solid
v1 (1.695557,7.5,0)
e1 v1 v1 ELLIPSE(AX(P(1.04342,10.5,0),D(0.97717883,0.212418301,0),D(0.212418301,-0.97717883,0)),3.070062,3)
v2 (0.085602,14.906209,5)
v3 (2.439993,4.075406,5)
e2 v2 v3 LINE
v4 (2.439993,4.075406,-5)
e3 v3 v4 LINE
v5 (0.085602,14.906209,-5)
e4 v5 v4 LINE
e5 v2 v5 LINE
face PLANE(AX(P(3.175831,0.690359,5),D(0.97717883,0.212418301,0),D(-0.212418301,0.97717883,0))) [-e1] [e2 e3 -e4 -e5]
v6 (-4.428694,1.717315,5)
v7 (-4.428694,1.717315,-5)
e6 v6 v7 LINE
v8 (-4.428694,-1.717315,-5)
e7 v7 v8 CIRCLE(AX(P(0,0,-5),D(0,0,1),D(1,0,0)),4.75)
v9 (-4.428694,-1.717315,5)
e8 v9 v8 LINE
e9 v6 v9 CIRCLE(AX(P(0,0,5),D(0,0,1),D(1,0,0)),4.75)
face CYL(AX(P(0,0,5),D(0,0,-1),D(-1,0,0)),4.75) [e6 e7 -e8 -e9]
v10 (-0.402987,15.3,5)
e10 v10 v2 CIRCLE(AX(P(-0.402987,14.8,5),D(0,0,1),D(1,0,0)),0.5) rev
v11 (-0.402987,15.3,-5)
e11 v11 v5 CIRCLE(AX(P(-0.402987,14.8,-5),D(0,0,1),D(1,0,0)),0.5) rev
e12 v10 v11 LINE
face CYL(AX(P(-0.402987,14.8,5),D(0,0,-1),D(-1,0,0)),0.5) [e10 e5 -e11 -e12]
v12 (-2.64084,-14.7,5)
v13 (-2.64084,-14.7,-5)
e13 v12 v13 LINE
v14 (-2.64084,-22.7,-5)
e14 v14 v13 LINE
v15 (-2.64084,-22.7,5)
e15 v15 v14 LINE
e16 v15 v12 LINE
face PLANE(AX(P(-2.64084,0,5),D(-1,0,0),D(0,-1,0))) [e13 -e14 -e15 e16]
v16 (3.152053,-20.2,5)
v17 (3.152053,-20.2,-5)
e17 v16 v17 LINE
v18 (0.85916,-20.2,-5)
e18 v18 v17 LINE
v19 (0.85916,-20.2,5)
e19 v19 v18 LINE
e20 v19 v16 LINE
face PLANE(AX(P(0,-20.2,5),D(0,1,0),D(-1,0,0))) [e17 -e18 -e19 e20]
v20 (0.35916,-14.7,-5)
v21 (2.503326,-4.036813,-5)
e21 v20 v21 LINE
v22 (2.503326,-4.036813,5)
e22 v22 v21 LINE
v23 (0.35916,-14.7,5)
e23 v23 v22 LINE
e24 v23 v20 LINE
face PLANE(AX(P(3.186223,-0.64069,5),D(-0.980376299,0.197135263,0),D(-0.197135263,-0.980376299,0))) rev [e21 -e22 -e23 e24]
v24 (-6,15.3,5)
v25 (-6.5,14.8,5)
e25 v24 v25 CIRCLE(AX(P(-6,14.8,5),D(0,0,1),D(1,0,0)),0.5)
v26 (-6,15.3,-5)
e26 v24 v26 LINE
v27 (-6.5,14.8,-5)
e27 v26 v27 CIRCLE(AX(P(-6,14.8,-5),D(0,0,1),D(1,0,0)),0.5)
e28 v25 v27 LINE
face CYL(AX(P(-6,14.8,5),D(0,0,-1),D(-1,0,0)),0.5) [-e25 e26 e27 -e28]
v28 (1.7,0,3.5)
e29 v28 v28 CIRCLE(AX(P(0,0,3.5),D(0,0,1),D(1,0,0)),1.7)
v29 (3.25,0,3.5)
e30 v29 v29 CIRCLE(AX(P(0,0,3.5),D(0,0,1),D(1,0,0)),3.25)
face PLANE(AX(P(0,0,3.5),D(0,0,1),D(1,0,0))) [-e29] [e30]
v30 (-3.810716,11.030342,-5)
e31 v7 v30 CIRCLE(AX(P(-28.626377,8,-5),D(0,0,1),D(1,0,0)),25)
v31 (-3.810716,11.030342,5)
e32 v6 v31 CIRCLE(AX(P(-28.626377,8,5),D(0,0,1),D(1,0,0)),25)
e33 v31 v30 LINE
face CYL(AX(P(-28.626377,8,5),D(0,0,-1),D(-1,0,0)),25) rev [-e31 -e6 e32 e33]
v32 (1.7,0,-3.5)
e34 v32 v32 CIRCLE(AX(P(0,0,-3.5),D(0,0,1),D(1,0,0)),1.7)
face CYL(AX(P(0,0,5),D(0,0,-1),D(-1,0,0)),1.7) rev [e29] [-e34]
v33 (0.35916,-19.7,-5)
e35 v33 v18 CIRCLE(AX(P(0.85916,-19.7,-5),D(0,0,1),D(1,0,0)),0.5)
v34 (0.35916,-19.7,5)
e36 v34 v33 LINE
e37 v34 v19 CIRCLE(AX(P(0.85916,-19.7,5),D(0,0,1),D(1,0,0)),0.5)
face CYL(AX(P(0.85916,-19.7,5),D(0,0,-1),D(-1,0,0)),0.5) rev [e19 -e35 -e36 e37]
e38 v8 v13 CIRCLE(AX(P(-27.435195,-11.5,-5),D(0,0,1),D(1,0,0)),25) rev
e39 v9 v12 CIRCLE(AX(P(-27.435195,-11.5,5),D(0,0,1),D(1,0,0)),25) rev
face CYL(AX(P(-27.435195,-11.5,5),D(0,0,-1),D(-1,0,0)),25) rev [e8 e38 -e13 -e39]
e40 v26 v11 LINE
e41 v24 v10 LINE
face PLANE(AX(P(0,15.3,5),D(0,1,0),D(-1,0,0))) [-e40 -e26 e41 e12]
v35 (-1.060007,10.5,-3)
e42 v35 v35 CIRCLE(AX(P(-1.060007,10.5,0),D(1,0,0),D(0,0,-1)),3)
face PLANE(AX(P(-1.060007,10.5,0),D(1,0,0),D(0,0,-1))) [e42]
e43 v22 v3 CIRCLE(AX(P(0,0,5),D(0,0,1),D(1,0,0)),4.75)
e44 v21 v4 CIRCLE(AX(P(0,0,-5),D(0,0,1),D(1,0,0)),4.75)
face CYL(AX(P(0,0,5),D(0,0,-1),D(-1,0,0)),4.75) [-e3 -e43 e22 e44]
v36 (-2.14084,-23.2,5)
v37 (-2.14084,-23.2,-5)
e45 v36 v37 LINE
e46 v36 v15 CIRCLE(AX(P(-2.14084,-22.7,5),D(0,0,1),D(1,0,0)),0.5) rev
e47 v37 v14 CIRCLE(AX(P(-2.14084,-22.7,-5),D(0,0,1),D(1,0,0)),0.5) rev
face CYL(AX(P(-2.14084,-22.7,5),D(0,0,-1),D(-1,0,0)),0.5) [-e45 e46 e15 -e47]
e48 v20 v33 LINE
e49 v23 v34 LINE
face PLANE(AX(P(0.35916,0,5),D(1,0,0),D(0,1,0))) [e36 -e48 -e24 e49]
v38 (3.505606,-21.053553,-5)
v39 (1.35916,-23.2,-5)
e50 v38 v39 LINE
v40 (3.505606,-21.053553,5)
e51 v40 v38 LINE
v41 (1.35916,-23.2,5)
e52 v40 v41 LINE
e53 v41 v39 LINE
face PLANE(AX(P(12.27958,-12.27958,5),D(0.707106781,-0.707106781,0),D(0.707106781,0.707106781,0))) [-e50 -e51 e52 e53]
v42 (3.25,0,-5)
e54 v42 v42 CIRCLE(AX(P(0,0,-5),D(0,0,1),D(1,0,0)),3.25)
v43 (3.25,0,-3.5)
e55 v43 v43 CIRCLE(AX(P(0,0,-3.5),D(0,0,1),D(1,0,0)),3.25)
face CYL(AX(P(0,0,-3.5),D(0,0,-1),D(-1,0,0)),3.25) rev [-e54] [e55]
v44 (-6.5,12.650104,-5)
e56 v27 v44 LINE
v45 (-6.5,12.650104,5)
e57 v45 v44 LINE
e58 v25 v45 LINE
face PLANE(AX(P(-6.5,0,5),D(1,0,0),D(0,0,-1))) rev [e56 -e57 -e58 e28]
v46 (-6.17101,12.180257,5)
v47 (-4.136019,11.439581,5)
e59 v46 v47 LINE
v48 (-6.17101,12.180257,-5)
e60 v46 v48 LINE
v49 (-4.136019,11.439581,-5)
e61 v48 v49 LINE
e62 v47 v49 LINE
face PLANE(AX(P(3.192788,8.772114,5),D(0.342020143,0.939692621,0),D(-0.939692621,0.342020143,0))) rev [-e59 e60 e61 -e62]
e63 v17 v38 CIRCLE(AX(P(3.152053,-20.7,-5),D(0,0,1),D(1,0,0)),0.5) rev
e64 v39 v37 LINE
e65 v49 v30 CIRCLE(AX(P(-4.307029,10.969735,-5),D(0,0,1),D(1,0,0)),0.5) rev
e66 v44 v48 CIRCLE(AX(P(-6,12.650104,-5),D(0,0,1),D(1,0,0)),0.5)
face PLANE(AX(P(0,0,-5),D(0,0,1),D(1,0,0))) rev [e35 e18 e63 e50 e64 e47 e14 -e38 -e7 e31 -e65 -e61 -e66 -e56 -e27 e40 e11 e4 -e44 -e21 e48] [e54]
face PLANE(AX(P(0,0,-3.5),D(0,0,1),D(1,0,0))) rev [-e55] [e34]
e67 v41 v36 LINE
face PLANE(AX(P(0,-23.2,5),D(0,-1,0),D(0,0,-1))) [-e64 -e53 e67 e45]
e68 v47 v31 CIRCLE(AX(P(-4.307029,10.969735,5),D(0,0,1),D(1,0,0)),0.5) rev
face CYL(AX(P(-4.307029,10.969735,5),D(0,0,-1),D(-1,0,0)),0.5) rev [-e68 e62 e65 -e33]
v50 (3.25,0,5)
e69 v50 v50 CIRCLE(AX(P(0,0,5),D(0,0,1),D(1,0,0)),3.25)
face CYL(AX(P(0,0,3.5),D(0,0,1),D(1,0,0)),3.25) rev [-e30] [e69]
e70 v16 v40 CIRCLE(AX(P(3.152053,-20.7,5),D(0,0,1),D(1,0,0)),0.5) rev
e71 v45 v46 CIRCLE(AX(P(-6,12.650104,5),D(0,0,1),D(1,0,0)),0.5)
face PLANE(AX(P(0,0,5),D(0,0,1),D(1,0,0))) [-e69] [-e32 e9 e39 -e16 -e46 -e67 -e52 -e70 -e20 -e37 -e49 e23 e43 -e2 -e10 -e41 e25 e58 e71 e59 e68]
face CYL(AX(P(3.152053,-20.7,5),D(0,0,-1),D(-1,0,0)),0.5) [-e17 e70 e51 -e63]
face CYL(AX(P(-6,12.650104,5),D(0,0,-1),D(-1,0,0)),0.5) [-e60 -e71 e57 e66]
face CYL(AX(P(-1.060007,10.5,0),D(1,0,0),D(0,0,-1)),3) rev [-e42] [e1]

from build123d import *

# Parameters (mm, degrees)
SKETCH_1_R          = 3.25
SKETCH_1_R_2        = 1.7
EXTRUDE_1_DEPTH     = 5
CUT_EXTRUDE_START   = 5
SKETCH_1_4_R        = 3.25
CUT_EXTRUDE_1_DEPTH = 1.5
CUT_EXTRUDE_START_2 = -5
SKETCH_1_5_R        = 3.25
CUT_EXTRUDE_2_DEPTH = 1.5
CUT_EXTRUDE_START_3 = 2.43999
SKETCH_2_R          = 3
CUT_EXTRUDE_3_DEPTH = 3.5


with BuildPart() as part:
    # Эскиз1 → Бобышка-Вытянуть1 (new, symmetric)
    # profile 1 of 4: a face of its own
    with BuildSketch(Plane.XY):
        with BuildLine():
            Line((-0.402987496, 15.3), (-6, 15.3))
            ThreePointArc((-6, 15.3), (-6.353553391, 15.153553391), (-6.5, 14.8))
            Line((-6.5, 14.8), (-6.5, 12.650103769))
            ThreePointArc((-6.5, 12.650103769), (-6.409576022, 12.363315551), (-6.171010072, 12.180257459))
            Line((-6.171010072, 12.180257459), (-4.136019248, 11.439581372))
            ThreePointArc((-4.136019248, 11.439581372), (-3.91562246, 11.280863122), (-3.810716101, 11.0303419))
            ThreePointArc((-3.810716101, 11.0303419), (-3.681235408, 6.344733002), (-4.428694025, 1.717314542))
            ThreePointArc((-4.428694025, 1.717314542), (-1.542362614, 4.492618119), (2.439992619, 4.07540624))
            Line((2.439992619, 4.07540624), (0.085601919, 14.90620915))
            ThreePointArc((0.085601919, 14.90620915), (-0.089223711, 15.189297171), (-0.402987496, 15.3))
        make_face()
    # profile 2 of 4: a face of its own
    with BuildSketch(Plane.XY):
        with BuildLine():
            ThreePointArc((4.75, 0), (4.13233983, 2.342278278), (2.439992619, 4.07540624))
            ThreePointArc((2.439992619, 4.07540624), (-1.542362614, 4.492618119), (-4.428694025, 1.717314542))
            ThreePointArc((-4.428694025, 1.717314542), (-4.75, 0), (-4.428694025, -1.717314542))
            ThreePointArc((-4.428694025, -1.717314542), (-4.378812236, -1.835465051), (-4.329537208, -1.953869895))
            ThreePointArc((-4.329537208, -1.953869895), (-1.385071911, -4.543575222), (2.503326388, -4.036812727))
            ThreePointArc((2.503326388, -4.036812727), (4.150499991, -2.309945849), (4.75, 0))
        make_face()
        Circle(SKETCH_1_R, mode=Mode.SUBTRACT)
    # profile 3 of 4: a face of its own
    with BuildSketch(Plane.XY):
        Circle(SKETCH_1_R)
        Circle(SKETCH_1_R_2, mode=Mode.SUBTRACT)
    # profile 4 of 4: a face of its own
    with BuildSketch(Plane.XY):
        with BuildLine():
            Line((0.359159672, -14.7), (2.503326388, -4.036812727))
            ThreePointArc((2.503326388, -4.036812727), (-1.385071911, -4.543575222), (-4.329537208, -1.953869895))
            ThreePointArc((-4.329537208, -1.953869895), (-2.65175784, -8.216516162), (-2.640840328, -14.7))
            Line((-2.640840328, -14.7), (-2.640840328, -22.7))
            ThreePointArc((-2.640840328, -22.7), (-2.494393719, -23.053553391), (-2.140840328, -23.2))
            Line((-2.140840328, -23.2), (1.359159672, -23.2))
            Line((1.359159672, -23.2), (3.505606281, -21.053553391))
            ThreePointArc((3.505606281, -21.053553391), (3.613992657, -20.508658284), (3.152052891, -20.2))
            Line((3.152052891, -20.2), (0.859159672, -20.2))
            ThreePointArc((0.859159672, -20.2), (0.505606281, -20.053553391), (0.359159672, -19.7))
            Line((0.359159672, -19.7), (0.359159672, -14.7))
        make_face()
    extrude(amount=EXTRUDE_1_DEPTH, both=True)

    # Эскиз1<4> → Вырез-Вытянуть1 (cut)
    with BuildSketch(Plane.XY.offset(CUT_EXTRUDE_START)):
        Circle(SKETCH_1_4_R)
    extrude(amount=-CUT_EXTRUDE_1_DEPTH, mode=Mode.SUBTRACT)

    # Эскиз1<5> → Вырез-Вытянуть2 (cut)
    with BuildSketch(Plane.XY.offset(CUT_EXTRUDE_START_2)):
        Circle(SKETCH_1_5_R)
    extrude(amount=CUT_EXTRUDE_2_DEPTH, mode=Mode.SUBTRACT)

    # Эскиз2 → Вырез-Вытянуть3 (cut)
    with BuildSketch(Plane(origin=(0, 0.681903291, 0), x_dir=(0, 0, -1), z_dir=(1, 0, 0)).offset(CUT_EXTRUDE_START_3)):
        with Locations((0, 9.818096709)):
            Circle(SKETCH_2_R)
    extrude(amount=-CUT_EXTRUDE_3_DEPTH, mode=Mode.SUBTRACT)


solid = part.part
